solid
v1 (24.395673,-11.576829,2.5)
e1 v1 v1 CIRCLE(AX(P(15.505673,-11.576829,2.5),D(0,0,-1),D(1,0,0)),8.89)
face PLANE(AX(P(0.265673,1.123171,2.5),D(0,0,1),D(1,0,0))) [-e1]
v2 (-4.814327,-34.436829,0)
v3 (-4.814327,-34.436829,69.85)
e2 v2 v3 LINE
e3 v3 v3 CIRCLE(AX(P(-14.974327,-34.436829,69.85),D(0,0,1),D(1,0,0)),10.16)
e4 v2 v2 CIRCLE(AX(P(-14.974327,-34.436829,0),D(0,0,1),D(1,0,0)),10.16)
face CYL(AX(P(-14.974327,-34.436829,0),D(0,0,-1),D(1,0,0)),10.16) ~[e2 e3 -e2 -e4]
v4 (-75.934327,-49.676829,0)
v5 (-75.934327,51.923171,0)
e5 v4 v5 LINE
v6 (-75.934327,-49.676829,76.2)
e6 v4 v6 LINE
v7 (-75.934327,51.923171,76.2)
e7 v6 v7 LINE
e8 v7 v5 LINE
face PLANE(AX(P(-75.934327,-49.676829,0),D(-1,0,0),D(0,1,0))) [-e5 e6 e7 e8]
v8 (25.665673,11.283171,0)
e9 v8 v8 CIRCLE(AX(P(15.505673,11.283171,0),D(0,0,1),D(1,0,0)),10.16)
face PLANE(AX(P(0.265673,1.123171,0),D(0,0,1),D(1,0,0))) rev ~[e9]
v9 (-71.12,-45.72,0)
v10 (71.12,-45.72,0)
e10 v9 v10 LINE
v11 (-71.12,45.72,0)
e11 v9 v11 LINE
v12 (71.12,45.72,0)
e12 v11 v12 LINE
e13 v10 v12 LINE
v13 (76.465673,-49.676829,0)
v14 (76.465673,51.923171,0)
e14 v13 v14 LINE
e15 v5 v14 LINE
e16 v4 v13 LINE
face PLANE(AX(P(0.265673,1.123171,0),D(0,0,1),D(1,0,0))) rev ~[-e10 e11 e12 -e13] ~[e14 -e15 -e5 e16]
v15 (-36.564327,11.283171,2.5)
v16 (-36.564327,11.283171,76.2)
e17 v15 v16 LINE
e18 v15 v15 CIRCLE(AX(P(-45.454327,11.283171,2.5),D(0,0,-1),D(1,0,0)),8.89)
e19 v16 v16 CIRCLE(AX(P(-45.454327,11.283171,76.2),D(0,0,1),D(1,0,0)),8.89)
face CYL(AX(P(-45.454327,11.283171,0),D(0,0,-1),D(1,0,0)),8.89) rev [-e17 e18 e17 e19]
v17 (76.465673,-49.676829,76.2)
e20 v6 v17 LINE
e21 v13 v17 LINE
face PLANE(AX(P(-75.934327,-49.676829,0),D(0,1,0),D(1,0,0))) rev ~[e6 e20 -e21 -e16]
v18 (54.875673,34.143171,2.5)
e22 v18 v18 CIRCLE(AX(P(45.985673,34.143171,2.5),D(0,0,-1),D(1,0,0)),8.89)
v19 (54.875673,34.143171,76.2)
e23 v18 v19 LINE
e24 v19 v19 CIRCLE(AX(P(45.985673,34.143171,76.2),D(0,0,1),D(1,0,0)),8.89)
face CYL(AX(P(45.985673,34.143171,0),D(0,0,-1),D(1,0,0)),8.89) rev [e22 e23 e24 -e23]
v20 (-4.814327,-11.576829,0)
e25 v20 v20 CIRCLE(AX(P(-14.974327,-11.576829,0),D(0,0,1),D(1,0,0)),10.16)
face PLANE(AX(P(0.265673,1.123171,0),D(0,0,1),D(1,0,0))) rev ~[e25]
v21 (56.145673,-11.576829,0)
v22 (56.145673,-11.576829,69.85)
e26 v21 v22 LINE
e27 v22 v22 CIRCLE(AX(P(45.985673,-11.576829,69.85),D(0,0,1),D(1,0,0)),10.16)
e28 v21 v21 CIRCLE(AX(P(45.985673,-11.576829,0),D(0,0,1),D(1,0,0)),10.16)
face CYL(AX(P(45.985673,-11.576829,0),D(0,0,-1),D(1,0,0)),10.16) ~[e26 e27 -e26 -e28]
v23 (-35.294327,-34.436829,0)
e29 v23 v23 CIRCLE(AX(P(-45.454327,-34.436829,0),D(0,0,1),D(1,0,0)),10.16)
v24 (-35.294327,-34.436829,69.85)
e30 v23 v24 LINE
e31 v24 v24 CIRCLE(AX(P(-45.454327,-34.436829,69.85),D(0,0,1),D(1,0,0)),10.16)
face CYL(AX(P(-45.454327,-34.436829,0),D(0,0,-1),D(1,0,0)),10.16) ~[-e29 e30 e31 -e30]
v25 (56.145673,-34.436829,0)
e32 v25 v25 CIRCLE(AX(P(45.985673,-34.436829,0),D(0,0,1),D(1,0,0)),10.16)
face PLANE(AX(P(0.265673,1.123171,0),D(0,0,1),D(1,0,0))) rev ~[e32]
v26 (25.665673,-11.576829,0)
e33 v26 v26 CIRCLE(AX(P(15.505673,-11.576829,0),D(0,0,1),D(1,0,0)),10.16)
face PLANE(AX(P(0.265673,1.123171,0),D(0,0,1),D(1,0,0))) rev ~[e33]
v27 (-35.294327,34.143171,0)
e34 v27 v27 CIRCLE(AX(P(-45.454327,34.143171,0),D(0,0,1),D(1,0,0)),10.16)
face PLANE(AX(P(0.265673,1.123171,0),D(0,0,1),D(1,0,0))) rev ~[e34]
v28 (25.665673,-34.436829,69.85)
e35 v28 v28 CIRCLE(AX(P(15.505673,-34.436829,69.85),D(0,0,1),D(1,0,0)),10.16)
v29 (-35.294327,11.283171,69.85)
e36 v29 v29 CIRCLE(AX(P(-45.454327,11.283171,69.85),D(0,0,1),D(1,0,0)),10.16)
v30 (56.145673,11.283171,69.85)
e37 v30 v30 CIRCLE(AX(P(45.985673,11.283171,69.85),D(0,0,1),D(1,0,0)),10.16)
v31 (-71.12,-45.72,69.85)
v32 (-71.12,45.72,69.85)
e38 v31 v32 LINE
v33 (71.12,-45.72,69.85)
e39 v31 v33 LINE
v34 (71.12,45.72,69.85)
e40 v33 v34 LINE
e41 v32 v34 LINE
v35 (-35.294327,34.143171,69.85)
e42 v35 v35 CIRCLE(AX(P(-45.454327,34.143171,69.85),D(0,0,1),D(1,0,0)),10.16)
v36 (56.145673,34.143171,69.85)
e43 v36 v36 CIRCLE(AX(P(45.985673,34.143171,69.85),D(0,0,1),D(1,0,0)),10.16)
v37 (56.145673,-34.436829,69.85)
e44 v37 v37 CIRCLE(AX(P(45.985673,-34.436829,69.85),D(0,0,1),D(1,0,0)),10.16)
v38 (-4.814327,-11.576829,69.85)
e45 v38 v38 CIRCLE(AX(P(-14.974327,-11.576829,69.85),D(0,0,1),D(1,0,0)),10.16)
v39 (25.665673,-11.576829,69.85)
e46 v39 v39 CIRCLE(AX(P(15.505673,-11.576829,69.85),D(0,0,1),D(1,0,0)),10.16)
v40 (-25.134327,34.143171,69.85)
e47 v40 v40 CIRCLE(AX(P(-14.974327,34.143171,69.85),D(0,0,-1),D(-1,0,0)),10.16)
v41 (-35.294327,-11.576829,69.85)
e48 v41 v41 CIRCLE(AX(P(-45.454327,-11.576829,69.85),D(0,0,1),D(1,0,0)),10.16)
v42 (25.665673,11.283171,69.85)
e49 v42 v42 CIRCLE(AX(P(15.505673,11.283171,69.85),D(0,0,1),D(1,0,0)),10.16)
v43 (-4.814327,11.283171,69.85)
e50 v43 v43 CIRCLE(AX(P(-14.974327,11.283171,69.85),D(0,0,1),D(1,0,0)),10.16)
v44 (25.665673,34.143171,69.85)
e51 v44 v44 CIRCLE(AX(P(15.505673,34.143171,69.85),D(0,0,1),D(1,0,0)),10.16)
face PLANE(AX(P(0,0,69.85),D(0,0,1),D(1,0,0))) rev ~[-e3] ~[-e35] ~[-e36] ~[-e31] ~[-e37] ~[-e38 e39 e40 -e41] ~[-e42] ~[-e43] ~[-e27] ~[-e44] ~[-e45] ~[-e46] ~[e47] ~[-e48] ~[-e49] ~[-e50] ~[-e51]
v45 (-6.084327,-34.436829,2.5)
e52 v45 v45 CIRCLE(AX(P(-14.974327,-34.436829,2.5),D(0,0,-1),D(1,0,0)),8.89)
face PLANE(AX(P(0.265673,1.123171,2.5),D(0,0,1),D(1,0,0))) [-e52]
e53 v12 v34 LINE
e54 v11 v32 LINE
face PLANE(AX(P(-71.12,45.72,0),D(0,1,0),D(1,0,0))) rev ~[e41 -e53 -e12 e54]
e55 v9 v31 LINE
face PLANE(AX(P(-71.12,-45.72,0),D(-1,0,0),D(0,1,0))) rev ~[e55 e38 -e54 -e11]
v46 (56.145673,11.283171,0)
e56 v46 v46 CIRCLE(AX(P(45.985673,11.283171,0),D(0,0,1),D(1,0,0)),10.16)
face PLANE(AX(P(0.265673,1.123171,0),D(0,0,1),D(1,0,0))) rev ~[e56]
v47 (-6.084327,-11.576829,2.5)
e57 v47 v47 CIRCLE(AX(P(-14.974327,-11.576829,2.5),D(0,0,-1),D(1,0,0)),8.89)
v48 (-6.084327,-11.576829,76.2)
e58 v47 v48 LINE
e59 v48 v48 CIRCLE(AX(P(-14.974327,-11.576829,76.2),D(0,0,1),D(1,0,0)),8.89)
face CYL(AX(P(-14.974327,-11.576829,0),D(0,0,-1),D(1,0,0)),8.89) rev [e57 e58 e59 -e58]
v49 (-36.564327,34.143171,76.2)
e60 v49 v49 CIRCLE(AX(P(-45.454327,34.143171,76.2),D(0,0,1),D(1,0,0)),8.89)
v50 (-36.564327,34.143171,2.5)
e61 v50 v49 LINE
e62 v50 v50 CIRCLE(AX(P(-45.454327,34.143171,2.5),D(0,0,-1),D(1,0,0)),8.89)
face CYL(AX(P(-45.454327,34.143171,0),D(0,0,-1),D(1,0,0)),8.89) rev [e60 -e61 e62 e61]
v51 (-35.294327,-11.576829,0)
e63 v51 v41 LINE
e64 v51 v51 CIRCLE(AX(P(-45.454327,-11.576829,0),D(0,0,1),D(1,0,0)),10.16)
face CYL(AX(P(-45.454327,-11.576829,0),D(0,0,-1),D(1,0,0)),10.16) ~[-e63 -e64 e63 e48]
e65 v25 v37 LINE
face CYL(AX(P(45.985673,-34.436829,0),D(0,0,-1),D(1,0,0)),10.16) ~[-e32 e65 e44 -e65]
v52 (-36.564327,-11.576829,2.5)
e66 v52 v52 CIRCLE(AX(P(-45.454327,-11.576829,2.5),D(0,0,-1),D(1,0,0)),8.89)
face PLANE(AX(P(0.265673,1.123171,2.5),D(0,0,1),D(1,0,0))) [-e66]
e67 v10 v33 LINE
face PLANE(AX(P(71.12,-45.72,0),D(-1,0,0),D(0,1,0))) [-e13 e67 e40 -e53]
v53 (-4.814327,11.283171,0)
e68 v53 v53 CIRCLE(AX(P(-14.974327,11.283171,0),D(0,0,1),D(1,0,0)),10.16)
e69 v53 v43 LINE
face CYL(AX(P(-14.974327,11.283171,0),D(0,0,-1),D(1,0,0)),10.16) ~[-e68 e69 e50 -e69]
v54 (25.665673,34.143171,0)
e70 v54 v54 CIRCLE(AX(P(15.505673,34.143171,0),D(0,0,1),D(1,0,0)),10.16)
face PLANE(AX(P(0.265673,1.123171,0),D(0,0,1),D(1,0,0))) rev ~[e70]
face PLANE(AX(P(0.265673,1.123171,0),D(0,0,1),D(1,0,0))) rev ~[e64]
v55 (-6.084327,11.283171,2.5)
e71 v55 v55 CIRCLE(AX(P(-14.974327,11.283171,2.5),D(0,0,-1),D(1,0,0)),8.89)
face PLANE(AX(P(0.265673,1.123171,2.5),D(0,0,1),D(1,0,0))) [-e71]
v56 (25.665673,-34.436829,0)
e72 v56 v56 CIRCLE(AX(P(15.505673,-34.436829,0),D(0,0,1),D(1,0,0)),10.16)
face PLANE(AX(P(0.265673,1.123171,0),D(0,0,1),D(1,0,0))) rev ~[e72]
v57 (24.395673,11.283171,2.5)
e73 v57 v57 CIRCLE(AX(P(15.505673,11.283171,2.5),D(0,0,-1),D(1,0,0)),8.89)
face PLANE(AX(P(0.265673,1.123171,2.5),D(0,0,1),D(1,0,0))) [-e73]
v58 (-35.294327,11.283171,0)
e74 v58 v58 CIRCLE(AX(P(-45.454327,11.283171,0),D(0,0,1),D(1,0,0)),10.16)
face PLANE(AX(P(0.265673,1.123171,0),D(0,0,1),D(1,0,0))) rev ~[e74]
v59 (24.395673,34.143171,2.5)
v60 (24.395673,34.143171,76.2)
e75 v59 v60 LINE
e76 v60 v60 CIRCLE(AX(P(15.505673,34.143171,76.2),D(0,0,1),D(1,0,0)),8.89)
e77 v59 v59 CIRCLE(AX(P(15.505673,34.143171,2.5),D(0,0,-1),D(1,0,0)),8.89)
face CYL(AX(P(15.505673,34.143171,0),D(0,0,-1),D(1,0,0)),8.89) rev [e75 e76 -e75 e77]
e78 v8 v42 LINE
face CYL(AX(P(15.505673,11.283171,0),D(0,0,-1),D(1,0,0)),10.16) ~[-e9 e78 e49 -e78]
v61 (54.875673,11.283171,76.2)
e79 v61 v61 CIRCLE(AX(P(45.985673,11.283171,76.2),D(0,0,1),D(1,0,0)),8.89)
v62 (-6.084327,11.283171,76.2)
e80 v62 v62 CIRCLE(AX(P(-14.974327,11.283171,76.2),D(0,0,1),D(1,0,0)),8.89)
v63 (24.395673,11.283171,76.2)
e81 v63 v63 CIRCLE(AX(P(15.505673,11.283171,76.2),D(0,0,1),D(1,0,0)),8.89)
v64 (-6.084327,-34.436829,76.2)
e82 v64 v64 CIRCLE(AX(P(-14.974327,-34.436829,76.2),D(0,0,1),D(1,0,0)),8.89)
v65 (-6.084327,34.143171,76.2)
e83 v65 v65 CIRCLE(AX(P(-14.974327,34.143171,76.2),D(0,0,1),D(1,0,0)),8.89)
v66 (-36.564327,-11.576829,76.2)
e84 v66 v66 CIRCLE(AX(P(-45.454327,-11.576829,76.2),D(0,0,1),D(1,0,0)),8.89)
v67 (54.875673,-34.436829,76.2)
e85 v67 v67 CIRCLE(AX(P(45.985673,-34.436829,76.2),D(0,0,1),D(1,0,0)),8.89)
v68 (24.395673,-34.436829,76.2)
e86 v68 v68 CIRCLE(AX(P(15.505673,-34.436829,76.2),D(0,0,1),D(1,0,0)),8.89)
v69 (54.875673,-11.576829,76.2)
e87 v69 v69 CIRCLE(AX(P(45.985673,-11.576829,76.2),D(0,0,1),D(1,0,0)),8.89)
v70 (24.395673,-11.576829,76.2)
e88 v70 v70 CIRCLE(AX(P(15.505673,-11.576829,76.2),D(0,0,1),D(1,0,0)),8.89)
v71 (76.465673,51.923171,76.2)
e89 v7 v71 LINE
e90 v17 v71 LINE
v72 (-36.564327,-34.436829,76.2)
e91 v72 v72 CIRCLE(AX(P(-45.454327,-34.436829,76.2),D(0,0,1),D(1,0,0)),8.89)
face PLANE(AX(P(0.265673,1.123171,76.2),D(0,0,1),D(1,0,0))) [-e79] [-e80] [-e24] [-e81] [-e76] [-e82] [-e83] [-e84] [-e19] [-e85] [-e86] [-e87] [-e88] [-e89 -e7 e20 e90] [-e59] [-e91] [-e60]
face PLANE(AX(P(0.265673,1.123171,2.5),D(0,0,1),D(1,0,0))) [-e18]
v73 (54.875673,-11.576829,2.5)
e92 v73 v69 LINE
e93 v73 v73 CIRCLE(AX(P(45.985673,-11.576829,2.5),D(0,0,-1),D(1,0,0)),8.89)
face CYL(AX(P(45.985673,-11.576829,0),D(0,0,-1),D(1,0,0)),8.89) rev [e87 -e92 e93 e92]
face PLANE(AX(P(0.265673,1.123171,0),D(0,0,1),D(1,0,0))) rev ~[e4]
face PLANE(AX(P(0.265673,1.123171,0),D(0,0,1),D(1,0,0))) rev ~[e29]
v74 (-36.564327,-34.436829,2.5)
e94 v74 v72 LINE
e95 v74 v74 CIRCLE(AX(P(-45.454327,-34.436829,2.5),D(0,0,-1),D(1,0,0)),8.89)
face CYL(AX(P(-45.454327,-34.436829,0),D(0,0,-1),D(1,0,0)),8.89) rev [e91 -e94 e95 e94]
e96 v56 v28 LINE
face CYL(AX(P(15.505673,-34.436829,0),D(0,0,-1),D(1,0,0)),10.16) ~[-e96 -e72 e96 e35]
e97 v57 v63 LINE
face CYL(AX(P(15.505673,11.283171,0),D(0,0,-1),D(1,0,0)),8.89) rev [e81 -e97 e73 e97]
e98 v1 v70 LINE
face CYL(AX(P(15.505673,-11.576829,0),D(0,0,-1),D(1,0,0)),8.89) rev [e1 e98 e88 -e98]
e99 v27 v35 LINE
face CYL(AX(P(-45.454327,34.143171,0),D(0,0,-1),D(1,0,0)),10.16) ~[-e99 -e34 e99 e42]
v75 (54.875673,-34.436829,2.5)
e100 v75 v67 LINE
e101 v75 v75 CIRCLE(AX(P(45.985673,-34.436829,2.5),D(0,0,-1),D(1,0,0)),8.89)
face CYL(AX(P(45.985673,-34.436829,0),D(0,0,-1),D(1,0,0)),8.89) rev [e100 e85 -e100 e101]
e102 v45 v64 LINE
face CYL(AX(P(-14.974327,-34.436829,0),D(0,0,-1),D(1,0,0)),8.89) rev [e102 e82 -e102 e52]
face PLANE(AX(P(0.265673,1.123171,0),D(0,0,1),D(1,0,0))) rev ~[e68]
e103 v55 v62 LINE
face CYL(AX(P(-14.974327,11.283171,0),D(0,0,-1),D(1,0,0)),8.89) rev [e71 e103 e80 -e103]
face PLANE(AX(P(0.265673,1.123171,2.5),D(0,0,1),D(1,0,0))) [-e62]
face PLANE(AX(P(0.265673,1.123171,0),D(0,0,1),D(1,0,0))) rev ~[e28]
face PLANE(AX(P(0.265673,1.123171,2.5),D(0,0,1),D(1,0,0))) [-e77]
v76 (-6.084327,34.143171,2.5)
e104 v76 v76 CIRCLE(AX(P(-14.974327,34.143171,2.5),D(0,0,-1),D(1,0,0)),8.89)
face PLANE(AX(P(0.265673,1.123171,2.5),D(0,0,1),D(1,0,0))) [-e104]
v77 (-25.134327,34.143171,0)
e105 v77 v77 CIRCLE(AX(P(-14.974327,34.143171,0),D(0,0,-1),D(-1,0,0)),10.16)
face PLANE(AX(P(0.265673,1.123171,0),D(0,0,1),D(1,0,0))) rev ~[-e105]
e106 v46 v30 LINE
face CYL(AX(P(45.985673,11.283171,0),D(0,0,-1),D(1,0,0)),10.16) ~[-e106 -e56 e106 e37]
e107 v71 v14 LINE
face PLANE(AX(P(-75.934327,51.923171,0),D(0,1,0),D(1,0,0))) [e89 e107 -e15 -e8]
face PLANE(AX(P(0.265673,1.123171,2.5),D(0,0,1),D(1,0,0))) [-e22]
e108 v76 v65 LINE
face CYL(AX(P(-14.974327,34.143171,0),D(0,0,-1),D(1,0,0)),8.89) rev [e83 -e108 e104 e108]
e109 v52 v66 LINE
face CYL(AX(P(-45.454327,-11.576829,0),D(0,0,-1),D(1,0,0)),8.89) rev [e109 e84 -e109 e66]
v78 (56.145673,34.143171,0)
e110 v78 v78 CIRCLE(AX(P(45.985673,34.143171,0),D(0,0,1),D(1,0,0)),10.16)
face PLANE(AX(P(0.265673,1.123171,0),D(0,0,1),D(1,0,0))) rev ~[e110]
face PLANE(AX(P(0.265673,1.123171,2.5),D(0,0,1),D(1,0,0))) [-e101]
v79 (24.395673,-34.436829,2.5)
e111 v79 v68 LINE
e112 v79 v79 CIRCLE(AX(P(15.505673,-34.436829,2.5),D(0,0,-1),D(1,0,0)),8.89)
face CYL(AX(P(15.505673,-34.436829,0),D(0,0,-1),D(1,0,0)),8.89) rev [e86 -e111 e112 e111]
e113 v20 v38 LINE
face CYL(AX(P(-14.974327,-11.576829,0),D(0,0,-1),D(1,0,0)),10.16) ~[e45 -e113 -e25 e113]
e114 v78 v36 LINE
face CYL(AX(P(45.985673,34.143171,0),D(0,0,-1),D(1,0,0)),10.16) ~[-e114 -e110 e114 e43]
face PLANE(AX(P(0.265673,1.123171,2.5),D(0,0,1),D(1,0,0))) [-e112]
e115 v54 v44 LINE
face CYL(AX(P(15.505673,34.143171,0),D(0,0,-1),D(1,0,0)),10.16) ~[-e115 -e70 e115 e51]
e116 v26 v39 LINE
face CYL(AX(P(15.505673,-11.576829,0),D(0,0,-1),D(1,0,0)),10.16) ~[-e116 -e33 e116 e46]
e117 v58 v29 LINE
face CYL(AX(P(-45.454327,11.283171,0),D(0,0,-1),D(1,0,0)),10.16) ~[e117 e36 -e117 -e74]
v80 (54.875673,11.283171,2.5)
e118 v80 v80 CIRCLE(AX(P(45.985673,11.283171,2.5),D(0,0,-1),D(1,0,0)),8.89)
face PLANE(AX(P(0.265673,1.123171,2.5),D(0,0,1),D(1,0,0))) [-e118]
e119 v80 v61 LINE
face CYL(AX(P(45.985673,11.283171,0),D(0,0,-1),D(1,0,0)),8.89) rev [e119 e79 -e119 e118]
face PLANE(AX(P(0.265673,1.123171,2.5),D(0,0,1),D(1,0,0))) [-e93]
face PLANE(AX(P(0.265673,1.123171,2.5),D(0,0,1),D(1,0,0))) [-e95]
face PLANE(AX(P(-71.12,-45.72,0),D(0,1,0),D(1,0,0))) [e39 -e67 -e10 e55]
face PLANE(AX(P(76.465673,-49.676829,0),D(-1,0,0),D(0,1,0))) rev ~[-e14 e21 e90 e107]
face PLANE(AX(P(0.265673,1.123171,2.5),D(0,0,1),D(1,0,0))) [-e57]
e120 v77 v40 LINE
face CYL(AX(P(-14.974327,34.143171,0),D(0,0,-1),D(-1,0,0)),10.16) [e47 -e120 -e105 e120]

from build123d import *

# Parameters (mm, degrees)
F0_W     = 152.4
F0_H     = 101.6
F0_R     = 8.89
F1_DEPTH = 2.5
F2_DEPTH = 76.2
F4_W     = 142.24
F4_H     = 91.44
F4_R     = 10.16
F5_DEPTH = 69.85


with BuildPart() as f1:
    # F0 (on Top) → F1 (new body)
    with BuildSketch(Plane.XY):
        with Locations((0.2656728029, 1.1231710495)):
            Rectangle(F0_W, F0_H)
        with Locations((-45.4543271971, -34.4368289505)):
            Circle(F0_R, mode=Mode.SUBTRACT)
        with Locations((-14.9743271971, -34.4368289505)):
            Circle(F0_R, mode=Mode.SUBTRACT)
        with Locations((-45.4543271971, -11.5768289505)):
            Circle(F0_R, mode=Mode.SUBTRACT)
        with Locations((-14.9743271971, -11.5768289505)):
            Circle(F0_R, mode=Mode.SUBTRACT)
        with Locations((15.5056728029, -34.4368289505)):
            Circle(F0_R, mode=Mode.SUBTRACT)
        with Locations((45.9856728029, -34.4368289505)):
            Circle(F0_R, mode=Mode.SUBTRACT)
        with Locations((15.5056728029, -11.5768289505)):
            Circle(F0_R, mode=Mode.SUBTRACT)
        with Locations((45.9856728029, -11.5768289505)):
            Circle(F0_R, mode=Mode.SUBTRACT)
        with Locations((-45.4543271971, 11.2831710495)):
            Circle(F0_R, mode=Mode.SUBTRACT)
        with Locations((-14.9743271971, 11.2831710495)):
            Circle(F0_R, mode=Mode.SUBTRACT)
        with Locations((-45.4543271971, 34.1431710495)):
            Circle(F0_R, mode=Mode.SUBTRACT)
        with Locations((-14.9743271971, 34.1431710495)):
            Circle(F0_R, mode=Mode.SUBTRACT)
        with Locations((15.5056728029, 11.2831710495)):
            Circle(F0_R, mode=Mode.SUBTRACT)
        with Locations((45.9856728029, 11.2831710495)):
            Circle(F0_R, mode=Mode.SUBTRACT)
        with Locations((15.5056728029, 34.1431710495)):
            Circle(F0_R, mode=Mode.SUBTRACT)
        with Locations((45.9856728029, 34.1431710495)):
            Circle(F0_R, mode=Mode.SUBTRACT)
        with Locations((-45.4543271971, -34.4368289505)):
            Circle(F0_R)
        with Locations((-14.9743271971, -34.4368289505)):
            Circle(F0_R)
        with Locations((-14.9743271971, -11.5768289505)):
            Circle(F0_R)
        with Locations((-45.4543271971, -11.5768289505)):
            Circle(F0_R)
        with Locations((-45.4543271971, 11.2831710495)):
            Circle(F0_R)
        with Locations((-45.4543271971, 34.1431710495)):
            Circle(F0_R)
        with Locations((-14.9743271971, 34.1431710495)):
            Circle(F0_R)
        with Locations((-14.9743271971, 11.2831710495)):
            Circle(F0_R)
        with Locations((15.5056728029, 34.1431710495)):
            Circle(F0_R)
        with Locations((15.5056728029, 11.2831710495)):
            Circle(F0_R)
        with Locations((15.5056728029, -11.5768289505)):
            Circle(F0_R)
        with Locations((15.5056728029, -34.4368289505)):
            Circle(F0_R)
        with Locations((45.9856728029, -34.4368289505)):
            Circle(F0_R)
        with Locations((45.9856728029, -11.5768289505)):
            Circle(F0_R)
        with Locations((45.9856728029, 11.2831710495)):
            Circle(F0_R)
        with Locations((45.9856728029, 34.1431710495)):
            Circle(F0_R)
    extrude(amount=F1_DEPTH)

    # F0 (on Top) → F2 (join)
    with BuildSketch(Plane.XY):
        with Locations((0.2656728029, 1.1231710495)):
            Rectangle(F0_W, F0_H)
        with Locations((-45.4543271971, -34.4368289505)):
            Circle(F0_R, mode=Mode.SUBTRACT)
        with Locations((-14.9743271971, -34.4368289505)):
            Circle(F0_R, mode=Mode.SUBTRACT)
        with Locations((-45.4543271971, -11.5768289505)):
            Circle(F0_R, mode=Mode.SUBTRACT)
        with Locations((-14.9743271971, -11.5768289505)):
            Circle(F0_R, mode=Mode.SUBTRACT)
        with Locations((15.5056728029, -34.4368289505)):
            Circle(F0_R, mode=Mode.SUBTRACT)
        with Locations((45.9856728029, -34.4368289505)):
            Circle(F0_R, mode=Mode.SUBTRACT)
        with Locations((15.5056728029, -11.5768289505)):
            Circle(F0_R, mode=Mode.SUBTRACT)
        with Locations((45.9856728029, -11.5768289505)):
            Circle(F0_R, mode=Mode.SUBTRACT)
        with Locations((-45.4543271971, 11.2831710495)):
            Circle(F0_R, mode=Mode.SUBTRACT)
        with Locations((-14.9743271971, 11.2831710495)):
            Circle(F0_R, mode=Mode.SUBTRACT)
        with Locations((-45.4543271971, 34.1431710495)):
            Circle(F0_R, mode=Mode.SUBTRACT)
        with Locations((-14.9743271971, 34.1431710495)):
            Circle(F0_R, mode=Mode.SUBTRACT)
        with Locations((15.5056728029, 11.2831710495)):
            Circle(F0_R, mode=Mode.SUBTRACT)
        with Locations((45.9856728029, 11.2831710495)):
            Circle(F0_R, mode=Mode.SUBTRACT)
        with Locations((15.5056728029, 34.1431710495)):
            Circle(F0_R, mode=Mode.SUBTRACT)
        with Locations((45.9856728029, 34.1431710495)):
            Circle(F0_R, mode=Mode.SUBTRACT)
    extrude(amount=F2_DEPTH)

    # F4 (on face) → F5 (cut)
    with BuildSketch(Plane.XY):
        Rectangle(F4_W, F4_H)
        with Locations((-45.4543271971, -34.4368289505)):
            Circle(F4_R, mode=Mode.SUBTRACT)
        with Locations((-14.9743271971, -34.4368289505)):
            Circle(F4_R, mode=Mode.SUBTRACT)
        with Locations((-45.4543271971, -11.5768289505)):
            Circle(F4_R, mode=Mode.SUBTRACT)
        with Locations((-14.9743271971, -11.5768289505)):
            Circle(F4_R, mode=Mode.SUBTRACT)
        with Locations((15.5056728029, -34.4368289505)):
            Circle(F4_R, mode=Mode.SUBTRACT)
        with Locations((45.9856728029, -34.4368289505)):
            Circle(F4_R, mode=Mode.SUBTRACT)
        with Locations((15.5056728029, -11.5768289505)):
            Circle(F4_R, mode=Mode.SUBTRACT)
        with Locations((45.9856728029, -11.5768289505)):
            Circle(F4_R, mode=Mode.SUBTRACT)
        with Locations((-45.4543271971, 11.2831710495)):
            Circle(F4_R, mode=Mode.SUBTRACT)
        with Locations((-14.9743271971, 11.2831710495)):
            Circle(F4_R, mode=Mode.SUBTRACT)
        with Locations((-45.4543271971, 34.1431710495)):
            Circle(F4_R, mode=Mode.SUBTRACT)
        with BuildLine():
            ThreePointArc((-4.8143271971, 34.1431710495), (-14.9743271971, 23.9831710495), (-25.1343271971, 34.1431710495))
            ThreePointArc((-25.1343271971, 34.1431710495), (-14.9743271971, 44.3031710495), (-4.8143271971, 34.1431710495))
        make_face(mode=Mode.SUBTRACT)
        with Locations((15.5056728029, 11.2831710495)):
            Circle(F4_R, mode=Mode.SUBTRACT)
        with Locations((45.9856728029, 11.2831710495)):
            Circle(F4_R, mode=Mode.SUBTRACT)
        with Locations((15.5056728029, 34.1431710495)):
            Circle(F4_R, mode=Mode.SUBTRACT)
        with Locations((45.9856728029, 34.1431710495)):
            Circle(F4_R, mode=Mode.SUBTRACT)
    extrude(amount=F5_DEPTH, mode=Mode.SUBTRACT)


solid = f1.part
